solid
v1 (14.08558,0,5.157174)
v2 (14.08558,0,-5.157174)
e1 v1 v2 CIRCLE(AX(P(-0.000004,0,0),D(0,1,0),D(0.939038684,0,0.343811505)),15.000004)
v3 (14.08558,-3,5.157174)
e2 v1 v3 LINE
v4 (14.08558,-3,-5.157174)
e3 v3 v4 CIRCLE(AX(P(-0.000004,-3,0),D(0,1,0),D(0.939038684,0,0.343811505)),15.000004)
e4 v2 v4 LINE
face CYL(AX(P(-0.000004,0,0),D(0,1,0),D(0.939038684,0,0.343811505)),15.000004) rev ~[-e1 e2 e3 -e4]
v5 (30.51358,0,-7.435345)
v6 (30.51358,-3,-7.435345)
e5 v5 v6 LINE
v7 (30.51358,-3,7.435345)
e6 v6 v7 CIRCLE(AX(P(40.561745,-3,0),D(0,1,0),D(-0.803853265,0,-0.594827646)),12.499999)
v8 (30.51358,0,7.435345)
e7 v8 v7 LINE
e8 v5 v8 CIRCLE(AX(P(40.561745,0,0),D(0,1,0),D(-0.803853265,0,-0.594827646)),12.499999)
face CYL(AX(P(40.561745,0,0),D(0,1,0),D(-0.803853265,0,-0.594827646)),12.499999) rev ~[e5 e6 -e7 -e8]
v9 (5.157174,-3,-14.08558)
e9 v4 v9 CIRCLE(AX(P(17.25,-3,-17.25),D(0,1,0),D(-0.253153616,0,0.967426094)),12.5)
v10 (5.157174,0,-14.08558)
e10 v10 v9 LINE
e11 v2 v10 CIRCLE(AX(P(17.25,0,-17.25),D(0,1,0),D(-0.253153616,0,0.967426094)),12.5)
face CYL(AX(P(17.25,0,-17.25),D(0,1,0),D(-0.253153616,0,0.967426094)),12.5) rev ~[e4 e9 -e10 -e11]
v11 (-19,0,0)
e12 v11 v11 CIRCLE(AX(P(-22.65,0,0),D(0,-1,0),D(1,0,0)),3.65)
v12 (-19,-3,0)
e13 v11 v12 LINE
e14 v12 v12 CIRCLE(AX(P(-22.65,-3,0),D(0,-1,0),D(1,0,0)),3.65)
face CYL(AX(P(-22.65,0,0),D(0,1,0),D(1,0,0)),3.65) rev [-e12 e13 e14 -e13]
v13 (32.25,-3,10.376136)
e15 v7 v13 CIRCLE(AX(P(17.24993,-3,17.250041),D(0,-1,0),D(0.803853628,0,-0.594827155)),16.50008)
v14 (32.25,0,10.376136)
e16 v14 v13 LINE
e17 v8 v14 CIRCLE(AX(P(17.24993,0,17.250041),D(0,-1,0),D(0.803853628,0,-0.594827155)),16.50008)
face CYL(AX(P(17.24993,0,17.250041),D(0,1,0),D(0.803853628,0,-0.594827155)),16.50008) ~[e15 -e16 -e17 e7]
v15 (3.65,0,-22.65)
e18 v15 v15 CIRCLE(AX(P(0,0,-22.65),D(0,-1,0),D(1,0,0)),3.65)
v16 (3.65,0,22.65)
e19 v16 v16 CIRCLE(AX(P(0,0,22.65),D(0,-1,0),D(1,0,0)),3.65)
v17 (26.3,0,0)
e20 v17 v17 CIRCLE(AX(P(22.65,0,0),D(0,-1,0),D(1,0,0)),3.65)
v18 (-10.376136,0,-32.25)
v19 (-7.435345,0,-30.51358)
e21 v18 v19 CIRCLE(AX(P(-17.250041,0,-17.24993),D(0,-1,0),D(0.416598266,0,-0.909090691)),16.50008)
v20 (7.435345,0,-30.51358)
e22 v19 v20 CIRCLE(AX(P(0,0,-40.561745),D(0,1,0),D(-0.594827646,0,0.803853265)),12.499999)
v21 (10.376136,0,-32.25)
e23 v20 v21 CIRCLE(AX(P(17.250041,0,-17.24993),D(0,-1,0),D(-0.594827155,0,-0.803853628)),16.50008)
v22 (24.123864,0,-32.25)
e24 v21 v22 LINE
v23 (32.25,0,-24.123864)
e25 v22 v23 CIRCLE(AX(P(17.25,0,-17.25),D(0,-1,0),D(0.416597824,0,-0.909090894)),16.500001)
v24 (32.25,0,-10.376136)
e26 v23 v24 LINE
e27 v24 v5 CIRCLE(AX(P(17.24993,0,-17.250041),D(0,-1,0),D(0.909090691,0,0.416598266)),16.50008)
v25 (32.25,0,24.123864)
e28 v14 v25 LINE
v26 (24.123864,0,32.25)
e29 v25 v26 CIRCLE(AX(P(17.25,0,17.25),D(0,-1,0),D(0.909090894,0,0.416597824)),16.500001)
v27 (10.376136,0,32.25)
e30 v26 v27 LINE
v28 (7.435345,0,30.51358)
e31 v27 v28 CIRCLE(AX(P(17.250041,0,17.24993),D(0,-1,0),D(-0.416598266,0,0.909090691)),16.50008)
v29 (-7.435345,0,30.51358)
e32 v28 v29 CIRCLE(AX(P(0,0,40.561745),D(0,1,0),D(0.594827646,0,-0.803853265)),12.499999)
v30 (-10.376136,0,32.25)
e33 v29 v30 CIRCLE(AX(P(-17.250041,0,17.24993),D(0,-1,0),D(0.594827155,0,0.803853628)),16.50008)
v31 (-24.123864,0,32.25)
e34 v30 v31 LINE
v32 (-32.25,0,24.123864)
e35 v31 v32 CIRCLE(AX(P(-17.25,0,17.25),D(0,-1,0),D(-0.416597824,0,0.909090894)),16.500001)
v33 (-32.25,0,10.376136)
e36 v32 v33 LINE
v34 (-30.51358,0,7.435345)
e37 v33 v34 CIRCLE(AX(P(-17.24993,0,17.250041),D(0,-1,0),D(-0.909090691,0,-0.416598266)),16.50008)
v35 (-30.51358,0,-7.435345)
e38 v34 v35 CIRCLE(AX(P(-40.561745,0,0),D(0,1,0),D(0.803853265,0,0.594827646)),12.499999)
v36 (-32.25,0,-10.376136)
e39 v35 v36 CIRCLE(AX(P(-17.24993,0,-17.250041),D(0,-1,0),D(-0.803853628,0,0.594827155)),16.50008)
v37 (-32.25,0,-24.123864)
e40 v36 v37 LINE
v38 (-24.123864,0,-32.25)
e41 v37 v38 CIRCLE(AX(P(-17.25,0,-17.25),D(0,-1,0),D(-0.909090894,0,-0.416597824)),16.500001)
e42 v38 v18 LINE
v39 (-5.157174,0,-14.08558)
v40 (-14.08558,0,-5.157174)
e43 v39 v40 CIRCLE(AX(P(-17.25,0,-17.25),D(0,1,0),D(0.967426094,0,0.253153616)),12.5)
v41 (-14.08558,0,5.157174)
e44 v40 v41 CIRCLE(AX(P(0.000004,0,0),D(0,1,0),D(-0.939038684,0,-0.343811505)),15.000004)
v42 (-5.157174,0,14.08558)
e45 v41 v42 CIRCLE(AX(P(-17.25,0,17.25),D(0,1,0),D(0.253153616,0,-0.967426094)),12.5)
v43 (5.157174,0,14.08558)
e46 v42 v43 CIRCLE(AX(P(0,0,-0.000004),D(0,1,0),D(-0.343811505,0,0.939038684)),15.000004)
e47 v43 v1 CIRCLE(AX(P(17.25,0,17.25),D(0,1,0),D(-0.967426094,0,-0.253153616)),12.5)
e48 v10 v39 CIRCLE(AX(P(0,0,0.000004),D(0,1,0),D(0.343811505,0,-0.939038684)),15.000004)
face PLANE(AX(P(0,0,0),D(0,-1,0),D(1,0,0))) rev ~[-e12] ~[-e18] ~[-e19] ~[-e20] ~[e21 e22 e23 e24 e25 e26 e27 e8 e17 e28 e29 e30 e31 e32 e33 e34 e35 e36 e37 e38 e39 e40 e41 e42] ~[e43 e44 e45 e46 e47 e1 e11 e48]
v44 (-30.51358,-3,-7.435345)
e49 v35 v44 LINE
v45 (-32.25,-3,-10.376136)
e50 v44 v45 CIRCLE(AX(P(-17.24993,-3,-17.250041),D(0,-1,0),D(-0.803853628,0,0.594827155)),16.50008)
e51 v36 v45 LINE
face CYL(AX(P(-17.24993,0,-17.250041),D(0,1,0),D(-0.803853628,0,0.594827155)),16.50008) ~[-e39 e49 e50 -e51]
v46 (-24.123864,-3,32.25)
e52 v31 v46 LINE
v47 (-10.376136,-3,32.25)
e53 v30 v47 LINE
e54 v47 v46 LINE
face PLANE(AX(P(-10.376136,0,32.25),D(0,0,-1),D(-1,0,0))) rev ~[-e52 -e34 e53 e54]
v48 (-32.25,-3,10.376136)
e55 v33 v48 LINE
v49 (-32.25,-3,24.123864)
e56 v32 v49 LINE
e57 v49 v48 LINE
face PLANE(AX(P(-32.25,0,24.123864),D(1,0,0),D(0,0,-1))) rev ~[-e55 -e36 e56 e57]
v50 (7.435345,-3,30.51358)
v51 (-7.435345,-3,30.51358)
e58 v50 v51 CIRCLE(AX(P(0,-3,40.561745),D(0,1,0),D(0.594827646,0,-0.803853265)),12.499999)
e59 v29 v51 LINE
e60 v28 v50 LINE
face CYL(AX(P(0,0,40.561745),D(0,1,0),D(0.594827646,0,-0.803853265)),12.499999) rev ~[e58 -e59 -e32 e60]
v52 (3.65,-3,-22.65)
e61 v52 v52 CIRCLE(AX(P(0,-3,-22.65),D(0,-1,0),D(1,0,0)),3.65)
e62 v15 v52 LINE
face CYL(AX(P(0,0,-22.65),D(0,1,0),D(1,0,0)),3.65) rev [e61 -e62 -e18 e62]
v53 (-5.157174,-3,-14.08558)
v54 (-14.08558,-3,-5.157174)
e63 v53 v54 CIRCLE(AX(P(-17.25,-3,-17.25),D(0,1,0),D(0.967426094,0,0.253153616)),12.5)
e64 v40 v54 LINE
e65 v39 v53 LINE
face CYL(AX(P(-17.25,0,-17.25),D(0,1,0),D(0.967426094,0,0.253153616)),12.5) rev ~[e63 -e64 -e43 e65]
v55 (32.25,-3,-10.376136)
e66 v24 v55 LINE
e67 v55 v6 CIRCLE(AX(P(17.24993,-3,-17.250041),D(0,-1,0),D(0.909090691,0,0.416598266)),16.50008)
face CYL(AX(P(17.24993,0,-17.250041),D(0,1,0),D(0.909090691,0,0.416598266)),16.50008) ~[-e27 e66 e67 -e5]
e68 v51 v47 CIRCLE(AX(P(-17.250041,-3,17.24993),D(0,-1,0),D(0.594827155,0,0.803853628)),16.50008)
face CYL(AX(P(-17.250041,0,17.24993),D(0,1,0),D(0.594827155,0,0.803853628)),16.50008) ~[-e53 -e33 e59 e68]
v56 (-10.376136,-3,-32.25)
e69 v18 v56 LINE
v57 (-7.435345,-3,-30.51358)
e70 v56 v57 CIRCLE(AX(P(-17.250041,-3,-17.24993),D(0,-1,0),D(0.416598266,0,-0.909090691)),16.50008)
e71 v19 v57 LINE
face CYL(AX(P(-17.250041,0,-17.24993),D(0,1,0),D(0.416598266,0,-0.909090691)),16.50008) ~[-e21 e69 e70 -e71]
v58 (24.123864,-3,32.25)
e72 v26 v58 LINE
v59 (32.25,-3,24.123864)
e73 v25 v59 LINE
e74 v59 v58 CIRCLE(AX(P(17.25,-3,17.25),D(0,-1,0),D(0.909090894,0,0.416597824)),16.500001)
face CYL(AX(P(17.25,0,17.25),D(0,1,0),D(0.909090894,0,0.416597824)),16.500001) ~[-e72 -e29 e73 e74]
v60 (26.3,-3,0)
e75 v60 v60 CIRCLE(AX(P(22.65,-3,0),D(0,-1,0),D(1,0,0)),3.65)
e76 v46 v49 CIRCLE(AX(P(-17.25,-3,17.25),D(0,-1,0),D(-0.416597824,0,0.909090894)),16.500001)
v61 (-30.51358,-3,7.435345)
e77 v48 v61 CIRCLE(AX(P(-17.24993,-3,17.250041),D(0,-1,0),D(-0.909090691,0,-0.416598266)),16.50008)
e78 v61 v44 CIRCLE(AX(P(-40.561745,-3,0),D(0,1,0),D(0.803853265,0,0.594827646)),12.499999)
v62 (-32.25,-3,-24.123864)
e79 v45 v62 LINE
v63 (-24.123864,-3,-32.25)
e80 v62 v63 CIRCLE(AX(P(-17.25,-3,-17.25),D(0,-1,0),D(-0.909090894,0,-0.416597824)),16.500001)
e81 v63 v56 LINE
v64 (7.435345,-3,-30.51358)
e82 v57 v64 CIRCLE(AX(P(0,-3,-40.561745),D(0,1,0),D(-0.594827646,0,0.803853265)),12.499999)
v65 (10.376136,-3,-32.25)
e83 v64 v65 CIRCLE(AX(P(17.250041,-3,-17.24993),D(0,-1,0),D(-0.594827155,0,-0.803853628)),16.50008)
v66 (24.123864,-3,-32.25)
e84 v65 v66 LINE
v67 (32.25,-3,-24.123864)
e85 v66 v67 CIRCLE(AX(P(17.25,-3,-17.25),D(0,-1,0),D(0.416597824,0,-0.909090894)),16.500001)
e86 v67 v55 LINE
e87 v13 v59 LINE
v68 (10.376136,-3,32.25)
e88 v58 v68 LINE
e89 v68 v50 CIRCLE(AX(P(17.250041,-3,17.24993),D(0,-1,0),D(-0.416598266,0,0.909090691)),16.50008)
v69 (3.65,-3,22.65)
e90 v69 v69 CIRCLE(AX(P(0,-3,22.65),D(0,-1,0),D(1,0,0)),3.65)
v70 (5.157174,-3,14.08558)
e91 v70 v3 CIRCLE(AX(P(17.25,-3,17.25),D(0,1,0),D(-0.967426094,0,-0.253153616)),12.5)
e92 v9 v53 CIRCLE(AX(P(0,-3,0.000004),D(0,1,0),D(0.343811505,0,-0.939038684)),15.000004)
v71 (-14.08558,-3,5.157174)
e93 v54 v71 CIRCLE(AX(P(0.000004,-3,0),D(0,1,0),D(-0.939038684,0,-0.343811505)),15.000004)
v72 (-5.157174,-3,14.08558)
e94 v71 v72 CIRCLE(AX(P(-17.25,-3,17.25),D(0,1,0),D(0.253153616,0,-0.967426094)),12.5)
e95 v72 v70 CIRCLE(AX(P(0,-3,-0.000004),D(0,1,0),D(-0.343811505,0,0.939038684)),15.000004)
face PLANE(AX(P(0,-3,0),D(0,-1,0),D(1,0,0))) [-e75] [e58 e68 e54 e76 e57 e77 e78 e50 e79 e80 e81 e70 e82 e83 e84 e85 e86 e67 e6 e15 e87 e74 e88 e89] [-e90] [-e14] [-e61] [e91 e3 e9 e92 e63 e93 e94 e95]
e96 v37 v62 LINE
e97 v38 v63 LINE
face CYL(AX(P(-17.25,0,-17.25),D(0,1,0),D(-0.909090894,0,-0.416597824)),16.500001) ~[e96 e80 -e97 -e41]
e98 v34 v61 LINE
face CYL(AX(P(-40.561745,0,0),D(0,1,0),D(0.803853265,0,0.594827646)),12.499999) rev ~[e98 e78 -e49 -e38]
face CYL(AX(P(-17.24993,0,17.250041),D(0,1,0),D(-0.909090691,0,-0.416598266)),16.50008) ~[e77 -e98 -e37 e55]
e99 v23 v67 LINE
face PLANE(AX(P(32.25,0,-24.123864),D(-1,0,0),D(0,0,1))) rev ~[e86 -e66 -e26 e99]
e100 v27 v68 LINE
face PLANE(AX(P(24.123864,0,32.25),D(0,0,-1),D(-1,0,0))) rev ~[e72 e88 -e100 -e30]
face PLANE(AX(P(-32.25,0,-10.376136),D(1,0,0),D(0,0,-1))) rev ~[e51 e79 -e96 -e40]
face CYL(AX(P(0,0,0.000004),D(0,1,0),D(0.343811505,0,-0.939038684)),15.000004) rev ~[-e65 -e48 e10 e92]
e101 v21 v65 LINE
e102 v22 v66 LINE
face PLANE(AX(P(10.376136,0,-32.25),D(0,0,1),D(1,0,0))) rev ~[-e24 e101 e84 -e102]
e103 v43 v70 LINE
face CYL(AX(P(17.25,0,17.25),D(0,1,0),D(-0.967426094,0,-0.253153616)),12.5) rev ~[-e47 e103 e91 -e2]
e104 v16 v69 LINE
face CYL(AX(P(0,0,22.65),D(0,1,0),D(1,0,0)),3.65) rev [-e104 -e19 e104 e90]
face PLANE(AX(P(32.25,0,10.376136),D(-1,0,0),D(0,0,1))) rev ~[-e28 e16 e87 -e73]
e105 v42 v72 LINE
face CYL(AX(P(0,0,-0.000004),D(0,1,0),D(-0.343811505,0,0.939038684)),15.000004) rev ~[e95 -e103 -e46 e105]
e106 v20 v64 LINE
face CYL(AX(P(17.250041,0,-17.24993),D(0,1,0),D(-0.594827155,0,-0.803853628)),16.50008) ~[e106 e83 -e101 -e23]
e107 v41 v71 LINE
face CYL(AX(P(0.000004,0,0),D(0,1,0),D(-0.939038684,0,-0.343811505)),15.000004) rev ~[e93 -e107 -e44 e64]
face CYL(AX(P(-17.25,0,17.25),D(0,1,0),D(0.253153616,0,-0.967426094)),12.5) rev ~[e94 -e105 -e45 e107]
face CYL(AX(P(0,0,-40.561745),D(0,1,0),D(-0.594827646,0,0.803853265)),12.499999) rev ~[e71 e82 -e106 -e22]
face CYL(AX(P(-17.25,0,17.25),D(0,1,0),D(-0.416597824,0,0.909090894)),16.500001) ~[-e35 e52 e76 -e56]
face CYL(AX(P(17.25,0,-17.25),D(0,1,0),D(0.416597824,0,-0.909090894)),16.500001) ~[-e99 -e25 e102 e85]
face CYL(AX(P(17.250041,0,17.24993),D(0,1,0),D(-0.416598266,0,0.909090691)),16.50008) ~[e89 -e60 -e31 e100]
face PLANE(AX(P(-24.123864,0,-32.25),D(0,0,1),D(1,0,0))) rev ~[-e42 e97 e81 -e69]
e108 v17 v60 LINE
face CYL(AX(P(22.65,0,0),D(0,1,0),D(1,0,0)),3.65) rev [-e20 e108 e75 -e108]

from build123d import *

# Parameters (mm, degrees)
F0_R     = 3.65
F1_DEPTH = 3


with BuildPart() as f1:
    # F0 (on Front) → F1 (new body)
    with BuildSketch(Plane.XZ):
        with BuildLine():
            ThreePointArc((7.435345, 30.51358), (0, 28.061746), (-7.435345, 30.51358))
            ThreePointArc((-7.435345, 30.51358), (-8.860694, 31.45808), (-10.376136, 32.25))
            Line((-10.376136, 32.25), (-24.123864, 32.25))
            ThreePointArc((-24.123864, 32.25), (-28.917262, 28.917262), (-32.25, 24.123864))
            Line((-32.25, 24.123864), (-32.25, 10.376136))
            ThreePointArc((-32.25, 10.376136), (-31.45808, 8.860694), (-30.51358, 7.435345))
            ThreePointArc((-30.51358, 7.435345), (-28.061746, 0), (-30.51358, -7.435345))
            ThreePointArc((-30.51358, -7.435345), (-31.45808, -8.860694), (-32.25, -10.376136))
            Line((-32.25, -10.376136), (-32.25, -24.123864))
            ThreePointArc((-32.25, -24.123864), (-28.917262, -28.917262), (-24.123864, -32.25))
            Line((-24.123864, -32.25), (-10.376136, -32.25))
            ThreePointArc((-10.376136, -32.25), (-8.860694, -31.45808), (-7.435345, -30.51358))
            ThreePointArc((-7.435345, -30.51358), (0, -28.061746), (7.435345, -30.51358))
            ThreePointArc((7.435345, -30.51358), (8.860694, -31.45808), (10.376136, -32.25))
            Line((10.376136, -32.25), (24.123864, -32.25))
            ThreePointArc((24.123864, -32.25), (28.917262, -28.917262), (32.25, -24.123864))
            Line((32.25, -24.123864), (32.25, -10.376136))
            ThreePointArc((32.25, -10.376136), (31.45808, -8.860694), (30.51358, -7.435345))
            ThreePointArc((30.51358, -7.435345), (28.061746, 0), (30.51358, 7.435345))
            ThreePointArc((30.51358, 7.435345), (31.45808, 8.860694), (32.25, 10.376136))
            Line((32.25, 10.376136), (32.25, 24.123864))
            ThreePointArc((32.25, 24.123864), (28.917262, 28.917262), (24.123864, 32.25))
            Line((24.123864, 32.25), (10.376136, 32.25))
            ThreePointArc((10.376136, 32.25), (8.860694, 31.45808), (7.435345, 30.51358))
        make_face()
        with Locations((0, -22.65)):
            Circle(F0_R, mode=Mode.SUBTRACT)
        with Locations((-22.65, 0)):
            Circle(F0_R, mode=Mode.SUBTRACT)
        with BuildLine():
            ThreePointArc((-5.157174, 14.08558), (0, 15), (5.157174, 14.08558))
            ThreePointArc((5.157174, 14.08558), (26.088835, 26.088835), (14.08558, 5.157174))
            ThreePointArc((14.08558, 5.157174), (15, 0), (14.08558, -5.157174))
            ThreePointArc((14.08558, -5.157174), (26.088835, -26.088835), (5.157174, -14.08558))
            ThreePointArc((5.157174, -14.08558), (0, -15), (-5.157174, -14.08558))
            ThreePointArc((-5.157174, -14.08558), (-26.088835, -26.088835), (-14.08558, -5.157174))
            ThreePointArc((-14.08558, -5.157174), (-15, 0), (-14.08558, 5.157174))
            ThreePointArc((-14.08558, 5.157174), (-26.088835, 26.088835), (-5.157174, 14.08558))
        make_face(mode=Mode.SUBTRACT)
        with Locations((22.65, 0)):
            Circle(F0_R, mode=Mode.SUBTRACT)
        with Locations((0, 22.65)):
            Circle(F0_R, mode=Mode.SUBTRACT)
    extrude(amount=F1_DEPTH)


solid = f1.part
